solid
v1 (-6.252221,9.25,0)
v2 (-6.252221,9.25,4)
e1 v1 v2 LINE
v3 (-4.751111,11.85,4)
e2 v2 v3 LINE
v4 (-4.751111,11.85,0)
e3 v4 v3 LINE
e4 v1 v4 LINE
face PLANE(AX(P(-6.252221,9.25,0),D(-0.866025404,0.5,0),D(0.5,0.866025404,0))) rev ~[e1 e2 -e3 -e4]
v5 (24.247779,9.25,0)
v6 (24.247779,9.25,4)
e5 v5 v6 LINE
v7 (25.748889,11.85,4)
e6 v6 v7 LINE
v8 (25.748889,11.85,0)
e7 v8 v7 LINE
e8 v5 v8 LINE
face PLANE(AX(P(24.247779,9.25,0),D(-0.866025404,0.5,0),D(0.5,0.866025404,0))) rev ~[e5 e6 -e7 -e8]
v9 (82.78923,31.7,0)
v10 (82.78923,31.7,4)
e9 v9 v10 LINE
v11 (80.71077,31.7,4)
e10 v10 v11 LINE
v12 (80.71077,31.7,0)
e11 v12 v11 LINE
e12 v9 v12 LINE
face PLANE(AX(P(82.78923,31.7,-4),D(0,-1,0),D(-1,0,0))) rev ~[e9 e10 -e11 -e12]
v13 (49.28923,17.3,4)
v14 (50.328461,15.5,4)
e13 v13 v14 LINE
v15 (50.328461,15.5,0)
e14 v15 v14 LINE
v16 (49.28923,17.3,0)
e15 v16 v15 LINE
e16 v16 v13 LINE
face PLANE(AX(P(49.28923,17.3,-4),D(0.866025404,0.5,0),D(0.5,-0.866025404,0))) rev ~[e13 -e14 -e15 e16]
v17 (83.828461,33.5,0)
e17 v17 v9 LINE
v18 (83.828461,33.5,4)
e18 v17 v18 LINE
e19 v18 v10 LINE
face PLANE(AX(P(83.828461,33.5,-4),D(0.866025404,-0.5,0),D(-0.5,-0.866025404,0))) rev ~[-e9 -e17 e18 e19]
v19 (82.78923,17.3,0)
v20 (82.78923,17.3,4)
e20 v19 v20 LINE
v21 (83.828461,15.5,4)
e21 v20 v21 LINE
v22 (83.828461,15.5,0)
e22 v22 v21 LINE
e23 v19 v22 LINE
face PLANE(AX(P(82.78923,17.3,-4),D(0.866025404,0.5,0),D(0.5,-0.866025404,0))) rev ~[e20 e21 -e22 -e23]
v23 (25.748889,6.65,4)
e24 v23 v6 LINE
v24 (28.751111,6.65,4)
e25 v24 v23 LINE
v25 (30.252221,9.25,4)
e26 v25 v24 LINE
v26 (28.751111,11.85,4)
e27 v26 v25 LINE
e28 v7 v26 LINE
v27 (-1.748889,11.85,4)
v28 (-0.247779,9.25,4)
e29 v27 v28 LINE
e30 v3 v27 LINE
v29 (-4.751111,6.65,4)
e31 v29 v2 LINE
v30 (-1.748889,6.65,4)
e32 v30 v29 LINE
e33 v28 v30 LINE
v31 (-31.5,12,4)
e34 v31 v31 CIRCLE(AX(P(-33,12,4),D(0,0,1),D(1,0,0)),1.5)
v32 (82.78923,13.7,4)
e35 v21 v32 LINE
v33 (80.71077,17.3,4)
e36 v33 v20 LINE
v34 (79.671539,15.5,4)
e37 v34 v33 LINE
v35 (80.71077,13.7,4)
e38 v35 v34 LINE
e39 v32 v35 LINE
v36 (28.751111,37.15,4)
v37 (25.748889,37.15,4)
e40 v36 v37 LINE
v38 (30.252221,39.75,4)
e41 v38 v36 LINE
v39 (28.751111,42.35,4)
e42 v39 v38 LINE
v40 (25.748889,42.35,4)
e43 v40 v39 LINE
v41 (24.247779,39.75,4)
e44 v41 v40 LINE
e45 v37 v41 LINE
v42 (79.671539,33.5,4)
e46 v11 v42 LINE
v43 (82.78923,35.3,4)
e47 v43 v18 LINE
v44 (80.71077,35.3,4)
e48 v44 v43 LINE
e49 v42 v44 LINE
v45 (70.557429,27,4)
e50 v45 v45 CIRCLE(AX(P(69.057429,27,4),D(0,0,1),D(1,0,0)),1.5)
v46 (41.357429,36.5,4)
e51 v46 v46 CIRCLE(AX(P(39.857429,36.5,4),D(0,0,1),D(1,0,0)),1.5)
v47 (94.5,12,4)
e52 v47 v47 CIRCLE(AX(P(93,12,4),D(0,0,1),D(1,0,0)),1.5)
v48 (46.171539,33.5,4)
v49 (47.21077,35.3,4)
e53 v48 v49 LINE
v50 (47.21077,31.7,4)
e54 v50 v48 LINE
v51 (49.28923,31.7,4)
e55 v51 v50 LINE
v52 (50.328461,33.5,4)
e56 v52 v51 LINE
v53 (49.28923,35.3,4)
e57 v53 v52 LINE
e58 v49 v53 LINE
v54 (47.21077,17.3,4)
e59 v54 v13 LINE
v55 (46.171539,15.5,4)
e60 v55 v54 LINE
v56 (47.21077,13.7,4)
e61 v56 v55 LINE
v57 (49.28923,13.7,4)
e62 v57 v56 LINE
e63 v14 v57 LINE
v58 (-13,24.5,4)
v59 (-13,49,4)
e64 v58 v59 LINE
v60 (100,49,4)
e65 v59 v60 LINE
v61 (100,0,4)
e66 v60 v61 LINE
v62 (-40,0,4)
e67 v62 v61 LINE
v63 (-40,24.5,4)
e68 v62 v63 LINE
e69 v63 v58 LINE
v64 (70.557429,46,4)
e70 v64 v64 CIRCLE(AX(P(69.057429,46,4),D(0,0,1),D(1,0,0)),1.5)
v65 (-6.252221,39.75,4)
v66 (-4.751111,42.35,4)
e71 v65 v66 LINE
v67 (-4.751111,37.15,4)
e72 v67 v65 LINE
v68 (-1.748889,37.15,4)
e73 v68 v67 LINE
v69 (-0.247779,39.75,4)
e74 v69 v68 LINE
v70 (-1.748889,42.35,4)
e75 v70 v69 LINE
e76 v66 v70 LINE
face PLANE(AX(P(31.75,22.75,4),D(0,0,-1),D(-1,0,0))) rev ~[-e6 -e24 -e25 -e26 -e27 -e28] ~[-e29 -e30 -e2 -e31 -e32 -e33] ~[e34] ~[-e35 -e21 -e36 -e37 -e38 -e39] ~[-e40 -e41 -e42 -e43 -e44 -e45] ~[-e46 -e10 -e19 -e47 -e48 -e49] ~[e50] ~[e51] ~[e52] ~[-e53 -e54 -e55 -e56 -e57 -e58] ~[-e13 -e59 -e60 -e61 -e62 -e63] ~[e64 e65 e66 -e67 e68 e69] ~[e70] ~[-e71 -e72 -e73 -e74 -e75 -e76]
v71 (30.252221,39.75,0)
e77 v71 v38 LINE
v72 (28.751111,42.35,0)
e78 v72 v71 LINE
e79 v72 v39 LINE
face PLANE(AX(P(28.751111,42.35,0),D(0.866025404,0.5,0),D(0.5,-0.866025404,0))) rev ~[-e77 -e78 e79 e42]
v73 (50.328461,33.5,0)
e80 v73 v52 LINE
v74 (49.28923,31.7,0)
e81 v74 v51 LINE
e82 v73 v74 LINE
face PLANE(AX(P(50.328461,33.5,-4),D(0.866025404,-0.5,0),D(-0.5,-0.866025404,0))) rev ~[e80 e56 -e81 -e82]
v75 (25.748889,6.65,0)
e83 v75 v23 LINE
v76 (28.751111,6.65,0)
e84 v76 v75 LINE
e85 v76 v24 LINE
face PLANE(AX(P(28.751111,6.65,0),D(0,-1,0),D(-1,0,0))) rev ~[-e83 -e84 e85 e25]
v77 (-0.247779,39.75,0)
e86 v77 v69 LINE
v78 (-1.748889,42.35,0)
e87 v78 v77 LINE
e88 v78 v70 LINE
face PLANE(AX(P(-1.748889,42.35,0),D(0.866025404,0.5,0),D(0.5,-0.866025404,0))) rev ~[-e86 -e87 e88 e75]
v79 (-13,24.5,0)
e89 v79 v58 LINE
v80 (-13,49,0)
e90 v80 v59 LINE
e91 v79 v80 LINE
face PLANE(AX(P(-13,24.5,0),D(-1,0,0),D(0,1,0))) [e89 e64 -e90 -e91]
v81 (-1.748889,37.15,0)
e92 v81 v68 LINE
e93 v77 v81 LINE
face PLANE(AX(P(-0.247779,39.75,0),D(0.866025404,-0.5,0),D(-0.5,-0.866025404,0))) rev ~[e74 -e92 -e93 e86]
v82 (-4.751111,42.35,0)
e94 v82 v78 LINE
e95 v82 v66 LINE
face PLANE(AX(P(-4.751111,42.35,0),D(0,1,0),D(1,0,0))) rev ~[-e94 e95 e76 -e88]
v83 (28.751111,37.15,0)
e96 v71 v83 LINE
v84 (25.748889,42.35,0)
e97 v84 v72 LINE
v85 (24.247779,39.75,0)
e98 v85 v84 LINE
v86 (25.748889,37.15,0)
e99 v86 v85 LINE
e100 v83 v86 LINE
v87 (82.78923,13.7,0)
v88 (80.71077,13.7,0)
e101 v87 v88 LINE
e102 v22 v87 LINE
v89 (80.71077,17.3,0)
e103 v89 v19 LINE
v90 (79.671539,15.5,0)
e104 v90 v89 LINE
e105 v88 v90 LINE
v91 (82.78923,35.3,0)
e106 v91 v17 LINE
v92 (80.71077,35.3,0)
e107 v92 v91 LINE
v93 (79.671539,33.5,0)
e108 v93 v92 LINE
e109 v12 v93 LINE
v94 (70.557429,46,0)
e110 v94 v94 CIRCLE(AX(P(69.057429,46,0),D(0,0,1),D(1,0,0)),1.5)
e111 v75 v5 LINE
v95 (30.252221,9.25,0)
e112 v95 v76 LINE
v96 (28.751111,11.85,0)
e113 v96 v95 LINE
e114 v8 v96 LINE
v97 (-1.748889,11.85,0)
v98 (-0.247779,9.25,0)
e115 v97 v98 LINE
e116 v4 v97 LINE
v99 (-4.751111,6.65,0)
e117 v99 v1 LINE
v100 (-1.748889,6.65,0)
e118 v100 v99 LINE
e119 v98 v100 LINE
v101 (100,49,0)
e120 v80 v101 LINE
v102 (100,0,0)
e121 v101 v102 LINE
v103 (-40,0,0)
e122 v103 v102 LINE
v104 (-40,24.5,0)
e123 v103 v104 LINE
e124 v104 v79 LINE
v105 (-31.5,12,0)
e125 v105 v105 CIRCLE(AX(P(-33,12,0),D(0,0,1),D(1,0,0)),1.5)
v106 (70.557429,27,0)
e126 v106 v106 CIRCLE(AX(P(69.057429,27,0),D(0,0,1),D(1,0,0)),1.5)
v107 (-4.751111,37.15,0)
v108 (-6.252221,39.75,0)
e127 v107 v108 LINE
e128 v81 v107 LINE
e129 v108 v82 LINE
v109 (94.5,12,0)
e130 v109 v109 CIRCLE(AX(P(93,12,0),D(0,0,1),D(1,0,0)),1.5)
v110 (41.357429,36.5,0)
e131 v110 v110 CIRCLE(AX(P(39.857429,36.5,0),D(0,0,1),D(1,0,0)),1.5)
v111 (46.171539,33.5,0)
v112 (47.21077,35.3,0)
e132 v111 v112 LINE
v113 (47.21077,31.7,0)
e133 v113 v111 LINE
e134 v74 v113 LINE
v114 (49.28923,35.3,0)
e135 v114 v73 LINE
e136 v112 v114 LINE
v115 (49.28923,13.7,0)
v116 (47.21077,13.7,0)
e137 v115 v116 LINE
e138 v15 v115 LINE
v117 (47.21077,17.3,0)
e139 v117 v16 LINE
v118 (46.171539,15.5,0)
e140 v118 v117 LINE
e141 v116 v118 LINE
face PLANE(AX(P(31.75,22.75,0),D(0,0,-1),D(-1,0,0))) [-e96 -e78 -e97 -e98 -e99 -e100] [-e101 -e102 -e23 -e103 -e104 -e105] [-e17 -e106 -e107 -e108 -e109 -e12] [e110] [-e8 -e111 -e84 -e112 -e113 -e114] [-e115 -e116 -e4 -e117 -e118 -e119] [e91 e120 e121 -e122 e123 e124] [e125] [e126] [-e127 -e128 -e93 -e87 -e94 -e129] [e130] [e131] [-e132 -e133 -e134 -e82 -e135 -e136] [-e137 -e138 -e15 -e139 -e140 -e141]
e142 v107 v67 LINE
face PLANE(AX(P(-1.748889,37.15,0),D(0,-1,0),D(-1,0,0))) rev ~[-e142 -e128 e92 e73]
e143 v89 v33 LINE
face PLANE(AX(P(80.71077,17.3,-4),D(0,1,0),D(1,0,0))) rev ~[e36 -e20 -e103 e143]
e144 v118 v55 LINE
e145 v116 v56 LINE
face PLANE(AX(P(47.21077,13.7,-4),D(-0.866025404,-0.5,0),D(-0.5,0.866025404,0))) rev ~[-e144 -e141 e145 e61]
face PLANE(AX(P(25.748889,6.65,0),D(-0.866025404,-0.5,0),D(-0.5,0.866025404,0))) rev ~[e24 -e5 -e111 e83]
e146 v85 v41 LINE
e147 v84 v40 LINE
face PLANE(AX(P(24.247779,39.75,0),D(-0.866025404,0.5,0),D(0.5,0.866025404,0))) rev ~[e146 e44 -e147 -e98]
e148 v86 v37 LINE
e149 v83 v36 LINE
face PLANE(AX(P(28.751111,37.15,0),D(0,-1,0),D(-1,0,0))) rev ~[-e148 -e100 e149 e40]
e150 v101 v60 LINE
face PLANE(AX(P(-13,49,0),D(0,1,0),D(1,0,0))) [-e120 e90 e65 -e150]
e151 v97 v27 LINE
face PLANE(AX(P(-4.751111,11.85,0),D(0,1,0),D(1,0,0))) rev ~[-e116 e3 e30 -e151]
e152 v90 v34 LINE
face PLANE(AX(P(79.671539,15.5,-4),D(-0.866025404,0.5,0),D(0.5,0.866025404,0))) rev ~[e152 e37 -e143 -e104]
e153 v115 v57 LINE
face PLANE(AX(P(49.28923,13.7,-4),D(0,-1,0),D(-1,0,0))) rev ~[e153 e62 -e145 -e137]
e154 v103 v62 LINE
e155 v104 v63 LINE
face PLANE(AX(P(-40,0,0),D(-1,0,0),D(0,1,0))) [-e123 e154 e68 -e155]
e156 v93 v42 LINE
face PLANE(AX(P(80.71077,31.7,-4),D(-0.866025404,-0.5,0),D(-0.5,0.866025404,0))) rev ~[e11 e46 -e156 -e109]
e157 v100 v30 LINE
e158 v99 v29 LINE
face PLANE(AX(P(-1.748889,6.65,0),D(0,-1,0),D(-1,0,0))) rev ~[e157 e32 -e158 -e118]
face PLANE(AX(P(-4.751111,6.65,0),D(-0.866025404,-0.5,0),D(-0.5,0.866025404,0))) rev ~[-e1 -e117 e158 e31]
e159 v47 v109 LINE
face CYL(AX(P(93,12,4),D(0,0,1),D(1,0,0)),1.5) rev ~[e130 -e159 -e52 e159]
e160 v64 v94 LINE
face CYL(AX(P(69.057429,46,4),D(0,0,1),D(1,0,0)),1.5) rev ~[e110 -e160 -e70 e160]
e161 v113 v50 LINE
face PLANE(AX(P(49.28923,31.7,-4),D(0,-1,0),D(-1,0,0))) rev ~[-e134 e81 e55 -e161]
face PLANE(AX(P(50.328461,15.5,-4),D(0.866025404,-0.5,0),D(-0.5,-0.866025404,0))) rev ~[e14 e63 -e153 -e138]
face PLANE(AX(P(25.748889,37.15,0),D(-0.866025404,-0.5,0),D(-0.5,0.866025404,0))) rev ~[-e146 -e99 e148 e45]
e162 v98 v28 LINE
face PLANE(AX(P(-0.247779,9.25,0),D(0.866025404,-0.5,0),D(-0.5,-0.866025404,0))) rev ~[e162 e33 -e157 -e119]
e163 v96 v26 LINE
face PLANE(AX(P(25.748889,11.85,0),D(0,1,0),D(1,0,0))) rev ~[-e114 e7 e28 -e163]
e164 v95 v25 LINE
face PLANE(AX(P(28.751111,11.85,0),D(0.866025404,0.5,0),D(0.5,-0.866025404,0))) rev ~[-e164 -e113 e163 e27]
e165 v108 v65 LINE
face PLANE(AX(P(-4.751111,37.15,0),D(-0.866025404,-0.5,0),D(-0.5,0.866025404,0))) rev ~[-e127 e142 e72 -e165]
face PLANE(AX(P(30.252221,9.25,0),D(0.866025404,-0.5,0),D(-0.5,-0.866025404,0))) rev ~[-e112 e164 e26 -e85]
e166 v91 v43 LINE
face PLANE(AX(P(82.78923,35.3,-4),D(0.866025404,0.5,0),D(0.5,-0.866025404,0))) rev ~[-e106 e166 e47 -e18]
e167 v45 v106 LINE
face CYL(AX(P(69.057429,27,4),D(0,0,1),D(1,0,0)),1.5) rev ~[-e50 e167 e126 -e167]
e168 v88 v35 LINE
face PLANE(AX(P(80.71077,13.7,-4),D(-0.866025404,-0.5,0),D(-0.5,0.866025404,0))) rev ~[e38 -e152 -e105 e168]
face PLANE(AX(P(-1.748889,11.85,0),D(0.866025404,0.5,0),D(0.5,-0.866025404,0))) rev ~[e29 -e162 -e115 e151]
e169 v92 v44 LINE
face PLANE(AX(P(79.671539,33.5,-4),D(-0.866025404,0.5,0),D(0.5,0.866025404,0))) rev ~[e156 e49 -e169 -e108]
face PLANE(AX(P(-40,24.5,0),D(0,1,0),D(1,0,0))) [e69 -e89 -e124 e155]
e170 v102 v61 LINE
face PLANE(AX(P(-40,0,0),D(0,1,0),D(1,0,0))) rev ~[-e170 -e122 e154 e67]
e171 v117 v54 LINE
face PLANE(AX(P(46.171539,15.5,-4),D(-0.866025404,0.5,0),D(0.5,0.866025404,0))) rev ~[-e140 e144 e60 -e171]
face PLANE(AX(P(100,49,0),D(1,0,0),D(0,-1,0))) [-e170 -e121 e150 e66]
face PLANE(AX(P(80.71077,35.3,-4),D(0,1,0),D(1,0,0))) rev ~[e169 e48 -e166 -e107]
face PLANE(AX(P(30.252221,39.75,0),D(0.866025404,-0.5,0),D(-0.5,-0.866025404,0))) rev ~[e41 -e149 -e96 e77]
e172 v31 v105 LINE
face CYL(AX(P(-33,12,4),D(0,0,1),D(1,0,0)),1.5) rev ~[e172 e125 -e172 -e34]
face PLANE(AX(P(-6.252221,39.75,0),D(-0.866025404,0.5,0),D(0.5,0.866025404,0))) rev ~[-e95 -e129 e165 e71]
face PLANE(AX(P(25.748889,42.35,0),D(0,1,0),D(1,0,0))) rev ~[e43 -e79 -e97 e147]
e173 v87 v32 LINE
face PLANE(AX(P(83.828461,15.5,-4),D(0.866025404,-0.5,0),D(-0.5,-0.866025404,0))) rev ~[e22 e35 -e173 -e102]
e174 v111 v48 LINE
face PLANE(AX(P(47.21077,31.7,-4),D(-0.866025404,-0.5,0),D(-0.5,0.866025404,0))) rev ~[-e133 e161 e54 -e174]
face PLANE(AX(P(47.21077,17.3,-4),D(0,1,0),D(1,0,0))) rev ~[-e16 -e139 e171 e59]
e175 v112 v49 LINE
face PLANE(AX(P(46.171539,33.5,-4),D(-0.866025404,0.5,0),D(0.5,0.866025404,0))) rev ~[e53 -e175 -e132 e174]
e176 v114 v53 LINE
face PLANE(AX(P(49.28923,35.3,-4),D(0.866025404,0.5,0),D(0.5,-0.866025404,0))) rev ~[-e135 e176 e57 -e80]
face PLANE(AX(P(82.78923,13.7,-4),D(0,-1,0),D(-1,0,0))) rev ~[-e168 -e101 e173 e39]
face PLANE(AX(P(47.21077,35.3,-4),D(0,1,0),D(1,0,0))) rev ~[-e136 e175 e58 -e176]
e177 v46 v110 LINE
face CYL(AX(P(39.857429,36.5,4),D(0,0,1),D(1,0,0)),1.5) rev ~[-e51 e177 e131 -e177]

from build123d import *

# Parameters (mm, degrees)
BOSS_EXTRUDE1_DEPTH = 4
SKETCH2_R           = 1.5
CUT_EXTRUDE1_DEPTH  = 4
CUT_EXTRUDE5_DEPTH  = 34
CUT_EXTRUDE6_DEPTH  = 34
SKETCH6_R           = 1.5
CUT_EXTRUDE7_DEPTH  = 10


with BuildPart() as part:
    # Sketch1 → Boss-Extrude1 (new body)
    with BuildSketch(Plane.XY):
        Polygon((0, 0), (-40, 0), (-40, 24.5), (-13, 24.5), (-13, 49), (100, 49), (100, 0), align=None)
    extrude(amount=BOSS_EXTRUDE1_DEPTH)

    # Sketch2 → Cut-Extrude1 (cut)
    with BuildSketch(Plane.XY.offset(4)):
        with Locations((39.857429038, 36.5)):
            Circle(SKETCH2_R)
        with Locations((69.057429038, 27)):
            Circle(SKETCH2_R)
        with Locations((69.057429038, 46)):
            Circle(SKETCH2_R)
    extrude(amount=-CUT_EXTRUDE1_DEPTH, mode=Mode.SUBTRACT)

    # Sketch4 → Cut-Extrude5 (cut)
    with BuildSketch(Plane(origin=(0, 0, -4), x_dir=(-1, 0, 0), z_dir=(0, 0, -1))):
        Polygon((-80.710769515, 31.7), (-79.671539031, 33.5), (-80.710769515, 35.3), (-82.789230485, 35.3), (-83.828460969, 33.5), (-82.789230485, 31.7), align=None)
        Polygon((-47.210769515, 31.7), (-46.171539031, 33.5), (-47.210769515, 35.3), (-49.289230485, 35.3), (-50.328460969, 33.5), (-49.289230485, 31.7), align=None)
        Polygon((-47.210769515, 13.7), (-46.171539031, 15.5), (-47.210769515, 17.3), (-49.289230485, 17.3), (-50.328460969, 15.5), (-49.289230485, 13.7), align=None)
        Polygon((-80.710769515, 13.7), (-79.671539031, 15.5), (-80.710769515, 17.3), (-82.789230485, 17.3), (-83.828460969, 15.5), (-82.789230485, 13.7), align=None)
    extrude(amount=-CUT_EXTRUDE5_DEPTH, mode=Mode.SUBTRACT)

    # Sketch5 → Cut-Extrude6 (cut)
    with BuildSketch(Plane(origin=(0, 0, 0), x_dir=(-1, 0, 0), z_dir=(0, 0, -1))):
        Polygon((4.7511107, 37.15), (6.2522214, 39.75), (4.7511107, 42.35), (1.7488893, 42.35), (0.2477786, 39.75), (1.7488893, 37.15), align=None)
        Polygon((-25.7488893, 37.15), (-24.2477786, 39.75), (-25.7488893, 42.35), (-28.7511107, 42.35), (-30.2522214, 39.75), (-28.7511107, 37.15), align=None)
        Polygon((-25.7488893, 6.65), (-24.2477786, 9.25), (-25.7488893, 11.85), (-28.7511107, 11.85), (-30.2522214, 9.25), (-28.7511107, 6.65), align=None)
        Polygon((4.7511107, 6.65), (6.2522214, 9.25), (4.7511107, 11.85), (1.7488893, 11.85), (0.2477786, 9.25), (1.7488893, 6.65), align=None)
    extrude(amount=-CUT_EXTRUDE6_DEPTH, mode=Mode.SUBTRACT)

    # Sketch6 → Cut-Extrude7 (cut)
    with BuildSketch(Plane.XY.offset(4)):
        with Locations((-33, 12)):
            Circle(SKETCH6_R)
        with Locations((93, 12)):
            Circle(SKETCH6_R)
    extrude(amount=-CUT_EXTRUDE7_DEPTH, mode=Mode.SUBTRACT)


solid = part.part
